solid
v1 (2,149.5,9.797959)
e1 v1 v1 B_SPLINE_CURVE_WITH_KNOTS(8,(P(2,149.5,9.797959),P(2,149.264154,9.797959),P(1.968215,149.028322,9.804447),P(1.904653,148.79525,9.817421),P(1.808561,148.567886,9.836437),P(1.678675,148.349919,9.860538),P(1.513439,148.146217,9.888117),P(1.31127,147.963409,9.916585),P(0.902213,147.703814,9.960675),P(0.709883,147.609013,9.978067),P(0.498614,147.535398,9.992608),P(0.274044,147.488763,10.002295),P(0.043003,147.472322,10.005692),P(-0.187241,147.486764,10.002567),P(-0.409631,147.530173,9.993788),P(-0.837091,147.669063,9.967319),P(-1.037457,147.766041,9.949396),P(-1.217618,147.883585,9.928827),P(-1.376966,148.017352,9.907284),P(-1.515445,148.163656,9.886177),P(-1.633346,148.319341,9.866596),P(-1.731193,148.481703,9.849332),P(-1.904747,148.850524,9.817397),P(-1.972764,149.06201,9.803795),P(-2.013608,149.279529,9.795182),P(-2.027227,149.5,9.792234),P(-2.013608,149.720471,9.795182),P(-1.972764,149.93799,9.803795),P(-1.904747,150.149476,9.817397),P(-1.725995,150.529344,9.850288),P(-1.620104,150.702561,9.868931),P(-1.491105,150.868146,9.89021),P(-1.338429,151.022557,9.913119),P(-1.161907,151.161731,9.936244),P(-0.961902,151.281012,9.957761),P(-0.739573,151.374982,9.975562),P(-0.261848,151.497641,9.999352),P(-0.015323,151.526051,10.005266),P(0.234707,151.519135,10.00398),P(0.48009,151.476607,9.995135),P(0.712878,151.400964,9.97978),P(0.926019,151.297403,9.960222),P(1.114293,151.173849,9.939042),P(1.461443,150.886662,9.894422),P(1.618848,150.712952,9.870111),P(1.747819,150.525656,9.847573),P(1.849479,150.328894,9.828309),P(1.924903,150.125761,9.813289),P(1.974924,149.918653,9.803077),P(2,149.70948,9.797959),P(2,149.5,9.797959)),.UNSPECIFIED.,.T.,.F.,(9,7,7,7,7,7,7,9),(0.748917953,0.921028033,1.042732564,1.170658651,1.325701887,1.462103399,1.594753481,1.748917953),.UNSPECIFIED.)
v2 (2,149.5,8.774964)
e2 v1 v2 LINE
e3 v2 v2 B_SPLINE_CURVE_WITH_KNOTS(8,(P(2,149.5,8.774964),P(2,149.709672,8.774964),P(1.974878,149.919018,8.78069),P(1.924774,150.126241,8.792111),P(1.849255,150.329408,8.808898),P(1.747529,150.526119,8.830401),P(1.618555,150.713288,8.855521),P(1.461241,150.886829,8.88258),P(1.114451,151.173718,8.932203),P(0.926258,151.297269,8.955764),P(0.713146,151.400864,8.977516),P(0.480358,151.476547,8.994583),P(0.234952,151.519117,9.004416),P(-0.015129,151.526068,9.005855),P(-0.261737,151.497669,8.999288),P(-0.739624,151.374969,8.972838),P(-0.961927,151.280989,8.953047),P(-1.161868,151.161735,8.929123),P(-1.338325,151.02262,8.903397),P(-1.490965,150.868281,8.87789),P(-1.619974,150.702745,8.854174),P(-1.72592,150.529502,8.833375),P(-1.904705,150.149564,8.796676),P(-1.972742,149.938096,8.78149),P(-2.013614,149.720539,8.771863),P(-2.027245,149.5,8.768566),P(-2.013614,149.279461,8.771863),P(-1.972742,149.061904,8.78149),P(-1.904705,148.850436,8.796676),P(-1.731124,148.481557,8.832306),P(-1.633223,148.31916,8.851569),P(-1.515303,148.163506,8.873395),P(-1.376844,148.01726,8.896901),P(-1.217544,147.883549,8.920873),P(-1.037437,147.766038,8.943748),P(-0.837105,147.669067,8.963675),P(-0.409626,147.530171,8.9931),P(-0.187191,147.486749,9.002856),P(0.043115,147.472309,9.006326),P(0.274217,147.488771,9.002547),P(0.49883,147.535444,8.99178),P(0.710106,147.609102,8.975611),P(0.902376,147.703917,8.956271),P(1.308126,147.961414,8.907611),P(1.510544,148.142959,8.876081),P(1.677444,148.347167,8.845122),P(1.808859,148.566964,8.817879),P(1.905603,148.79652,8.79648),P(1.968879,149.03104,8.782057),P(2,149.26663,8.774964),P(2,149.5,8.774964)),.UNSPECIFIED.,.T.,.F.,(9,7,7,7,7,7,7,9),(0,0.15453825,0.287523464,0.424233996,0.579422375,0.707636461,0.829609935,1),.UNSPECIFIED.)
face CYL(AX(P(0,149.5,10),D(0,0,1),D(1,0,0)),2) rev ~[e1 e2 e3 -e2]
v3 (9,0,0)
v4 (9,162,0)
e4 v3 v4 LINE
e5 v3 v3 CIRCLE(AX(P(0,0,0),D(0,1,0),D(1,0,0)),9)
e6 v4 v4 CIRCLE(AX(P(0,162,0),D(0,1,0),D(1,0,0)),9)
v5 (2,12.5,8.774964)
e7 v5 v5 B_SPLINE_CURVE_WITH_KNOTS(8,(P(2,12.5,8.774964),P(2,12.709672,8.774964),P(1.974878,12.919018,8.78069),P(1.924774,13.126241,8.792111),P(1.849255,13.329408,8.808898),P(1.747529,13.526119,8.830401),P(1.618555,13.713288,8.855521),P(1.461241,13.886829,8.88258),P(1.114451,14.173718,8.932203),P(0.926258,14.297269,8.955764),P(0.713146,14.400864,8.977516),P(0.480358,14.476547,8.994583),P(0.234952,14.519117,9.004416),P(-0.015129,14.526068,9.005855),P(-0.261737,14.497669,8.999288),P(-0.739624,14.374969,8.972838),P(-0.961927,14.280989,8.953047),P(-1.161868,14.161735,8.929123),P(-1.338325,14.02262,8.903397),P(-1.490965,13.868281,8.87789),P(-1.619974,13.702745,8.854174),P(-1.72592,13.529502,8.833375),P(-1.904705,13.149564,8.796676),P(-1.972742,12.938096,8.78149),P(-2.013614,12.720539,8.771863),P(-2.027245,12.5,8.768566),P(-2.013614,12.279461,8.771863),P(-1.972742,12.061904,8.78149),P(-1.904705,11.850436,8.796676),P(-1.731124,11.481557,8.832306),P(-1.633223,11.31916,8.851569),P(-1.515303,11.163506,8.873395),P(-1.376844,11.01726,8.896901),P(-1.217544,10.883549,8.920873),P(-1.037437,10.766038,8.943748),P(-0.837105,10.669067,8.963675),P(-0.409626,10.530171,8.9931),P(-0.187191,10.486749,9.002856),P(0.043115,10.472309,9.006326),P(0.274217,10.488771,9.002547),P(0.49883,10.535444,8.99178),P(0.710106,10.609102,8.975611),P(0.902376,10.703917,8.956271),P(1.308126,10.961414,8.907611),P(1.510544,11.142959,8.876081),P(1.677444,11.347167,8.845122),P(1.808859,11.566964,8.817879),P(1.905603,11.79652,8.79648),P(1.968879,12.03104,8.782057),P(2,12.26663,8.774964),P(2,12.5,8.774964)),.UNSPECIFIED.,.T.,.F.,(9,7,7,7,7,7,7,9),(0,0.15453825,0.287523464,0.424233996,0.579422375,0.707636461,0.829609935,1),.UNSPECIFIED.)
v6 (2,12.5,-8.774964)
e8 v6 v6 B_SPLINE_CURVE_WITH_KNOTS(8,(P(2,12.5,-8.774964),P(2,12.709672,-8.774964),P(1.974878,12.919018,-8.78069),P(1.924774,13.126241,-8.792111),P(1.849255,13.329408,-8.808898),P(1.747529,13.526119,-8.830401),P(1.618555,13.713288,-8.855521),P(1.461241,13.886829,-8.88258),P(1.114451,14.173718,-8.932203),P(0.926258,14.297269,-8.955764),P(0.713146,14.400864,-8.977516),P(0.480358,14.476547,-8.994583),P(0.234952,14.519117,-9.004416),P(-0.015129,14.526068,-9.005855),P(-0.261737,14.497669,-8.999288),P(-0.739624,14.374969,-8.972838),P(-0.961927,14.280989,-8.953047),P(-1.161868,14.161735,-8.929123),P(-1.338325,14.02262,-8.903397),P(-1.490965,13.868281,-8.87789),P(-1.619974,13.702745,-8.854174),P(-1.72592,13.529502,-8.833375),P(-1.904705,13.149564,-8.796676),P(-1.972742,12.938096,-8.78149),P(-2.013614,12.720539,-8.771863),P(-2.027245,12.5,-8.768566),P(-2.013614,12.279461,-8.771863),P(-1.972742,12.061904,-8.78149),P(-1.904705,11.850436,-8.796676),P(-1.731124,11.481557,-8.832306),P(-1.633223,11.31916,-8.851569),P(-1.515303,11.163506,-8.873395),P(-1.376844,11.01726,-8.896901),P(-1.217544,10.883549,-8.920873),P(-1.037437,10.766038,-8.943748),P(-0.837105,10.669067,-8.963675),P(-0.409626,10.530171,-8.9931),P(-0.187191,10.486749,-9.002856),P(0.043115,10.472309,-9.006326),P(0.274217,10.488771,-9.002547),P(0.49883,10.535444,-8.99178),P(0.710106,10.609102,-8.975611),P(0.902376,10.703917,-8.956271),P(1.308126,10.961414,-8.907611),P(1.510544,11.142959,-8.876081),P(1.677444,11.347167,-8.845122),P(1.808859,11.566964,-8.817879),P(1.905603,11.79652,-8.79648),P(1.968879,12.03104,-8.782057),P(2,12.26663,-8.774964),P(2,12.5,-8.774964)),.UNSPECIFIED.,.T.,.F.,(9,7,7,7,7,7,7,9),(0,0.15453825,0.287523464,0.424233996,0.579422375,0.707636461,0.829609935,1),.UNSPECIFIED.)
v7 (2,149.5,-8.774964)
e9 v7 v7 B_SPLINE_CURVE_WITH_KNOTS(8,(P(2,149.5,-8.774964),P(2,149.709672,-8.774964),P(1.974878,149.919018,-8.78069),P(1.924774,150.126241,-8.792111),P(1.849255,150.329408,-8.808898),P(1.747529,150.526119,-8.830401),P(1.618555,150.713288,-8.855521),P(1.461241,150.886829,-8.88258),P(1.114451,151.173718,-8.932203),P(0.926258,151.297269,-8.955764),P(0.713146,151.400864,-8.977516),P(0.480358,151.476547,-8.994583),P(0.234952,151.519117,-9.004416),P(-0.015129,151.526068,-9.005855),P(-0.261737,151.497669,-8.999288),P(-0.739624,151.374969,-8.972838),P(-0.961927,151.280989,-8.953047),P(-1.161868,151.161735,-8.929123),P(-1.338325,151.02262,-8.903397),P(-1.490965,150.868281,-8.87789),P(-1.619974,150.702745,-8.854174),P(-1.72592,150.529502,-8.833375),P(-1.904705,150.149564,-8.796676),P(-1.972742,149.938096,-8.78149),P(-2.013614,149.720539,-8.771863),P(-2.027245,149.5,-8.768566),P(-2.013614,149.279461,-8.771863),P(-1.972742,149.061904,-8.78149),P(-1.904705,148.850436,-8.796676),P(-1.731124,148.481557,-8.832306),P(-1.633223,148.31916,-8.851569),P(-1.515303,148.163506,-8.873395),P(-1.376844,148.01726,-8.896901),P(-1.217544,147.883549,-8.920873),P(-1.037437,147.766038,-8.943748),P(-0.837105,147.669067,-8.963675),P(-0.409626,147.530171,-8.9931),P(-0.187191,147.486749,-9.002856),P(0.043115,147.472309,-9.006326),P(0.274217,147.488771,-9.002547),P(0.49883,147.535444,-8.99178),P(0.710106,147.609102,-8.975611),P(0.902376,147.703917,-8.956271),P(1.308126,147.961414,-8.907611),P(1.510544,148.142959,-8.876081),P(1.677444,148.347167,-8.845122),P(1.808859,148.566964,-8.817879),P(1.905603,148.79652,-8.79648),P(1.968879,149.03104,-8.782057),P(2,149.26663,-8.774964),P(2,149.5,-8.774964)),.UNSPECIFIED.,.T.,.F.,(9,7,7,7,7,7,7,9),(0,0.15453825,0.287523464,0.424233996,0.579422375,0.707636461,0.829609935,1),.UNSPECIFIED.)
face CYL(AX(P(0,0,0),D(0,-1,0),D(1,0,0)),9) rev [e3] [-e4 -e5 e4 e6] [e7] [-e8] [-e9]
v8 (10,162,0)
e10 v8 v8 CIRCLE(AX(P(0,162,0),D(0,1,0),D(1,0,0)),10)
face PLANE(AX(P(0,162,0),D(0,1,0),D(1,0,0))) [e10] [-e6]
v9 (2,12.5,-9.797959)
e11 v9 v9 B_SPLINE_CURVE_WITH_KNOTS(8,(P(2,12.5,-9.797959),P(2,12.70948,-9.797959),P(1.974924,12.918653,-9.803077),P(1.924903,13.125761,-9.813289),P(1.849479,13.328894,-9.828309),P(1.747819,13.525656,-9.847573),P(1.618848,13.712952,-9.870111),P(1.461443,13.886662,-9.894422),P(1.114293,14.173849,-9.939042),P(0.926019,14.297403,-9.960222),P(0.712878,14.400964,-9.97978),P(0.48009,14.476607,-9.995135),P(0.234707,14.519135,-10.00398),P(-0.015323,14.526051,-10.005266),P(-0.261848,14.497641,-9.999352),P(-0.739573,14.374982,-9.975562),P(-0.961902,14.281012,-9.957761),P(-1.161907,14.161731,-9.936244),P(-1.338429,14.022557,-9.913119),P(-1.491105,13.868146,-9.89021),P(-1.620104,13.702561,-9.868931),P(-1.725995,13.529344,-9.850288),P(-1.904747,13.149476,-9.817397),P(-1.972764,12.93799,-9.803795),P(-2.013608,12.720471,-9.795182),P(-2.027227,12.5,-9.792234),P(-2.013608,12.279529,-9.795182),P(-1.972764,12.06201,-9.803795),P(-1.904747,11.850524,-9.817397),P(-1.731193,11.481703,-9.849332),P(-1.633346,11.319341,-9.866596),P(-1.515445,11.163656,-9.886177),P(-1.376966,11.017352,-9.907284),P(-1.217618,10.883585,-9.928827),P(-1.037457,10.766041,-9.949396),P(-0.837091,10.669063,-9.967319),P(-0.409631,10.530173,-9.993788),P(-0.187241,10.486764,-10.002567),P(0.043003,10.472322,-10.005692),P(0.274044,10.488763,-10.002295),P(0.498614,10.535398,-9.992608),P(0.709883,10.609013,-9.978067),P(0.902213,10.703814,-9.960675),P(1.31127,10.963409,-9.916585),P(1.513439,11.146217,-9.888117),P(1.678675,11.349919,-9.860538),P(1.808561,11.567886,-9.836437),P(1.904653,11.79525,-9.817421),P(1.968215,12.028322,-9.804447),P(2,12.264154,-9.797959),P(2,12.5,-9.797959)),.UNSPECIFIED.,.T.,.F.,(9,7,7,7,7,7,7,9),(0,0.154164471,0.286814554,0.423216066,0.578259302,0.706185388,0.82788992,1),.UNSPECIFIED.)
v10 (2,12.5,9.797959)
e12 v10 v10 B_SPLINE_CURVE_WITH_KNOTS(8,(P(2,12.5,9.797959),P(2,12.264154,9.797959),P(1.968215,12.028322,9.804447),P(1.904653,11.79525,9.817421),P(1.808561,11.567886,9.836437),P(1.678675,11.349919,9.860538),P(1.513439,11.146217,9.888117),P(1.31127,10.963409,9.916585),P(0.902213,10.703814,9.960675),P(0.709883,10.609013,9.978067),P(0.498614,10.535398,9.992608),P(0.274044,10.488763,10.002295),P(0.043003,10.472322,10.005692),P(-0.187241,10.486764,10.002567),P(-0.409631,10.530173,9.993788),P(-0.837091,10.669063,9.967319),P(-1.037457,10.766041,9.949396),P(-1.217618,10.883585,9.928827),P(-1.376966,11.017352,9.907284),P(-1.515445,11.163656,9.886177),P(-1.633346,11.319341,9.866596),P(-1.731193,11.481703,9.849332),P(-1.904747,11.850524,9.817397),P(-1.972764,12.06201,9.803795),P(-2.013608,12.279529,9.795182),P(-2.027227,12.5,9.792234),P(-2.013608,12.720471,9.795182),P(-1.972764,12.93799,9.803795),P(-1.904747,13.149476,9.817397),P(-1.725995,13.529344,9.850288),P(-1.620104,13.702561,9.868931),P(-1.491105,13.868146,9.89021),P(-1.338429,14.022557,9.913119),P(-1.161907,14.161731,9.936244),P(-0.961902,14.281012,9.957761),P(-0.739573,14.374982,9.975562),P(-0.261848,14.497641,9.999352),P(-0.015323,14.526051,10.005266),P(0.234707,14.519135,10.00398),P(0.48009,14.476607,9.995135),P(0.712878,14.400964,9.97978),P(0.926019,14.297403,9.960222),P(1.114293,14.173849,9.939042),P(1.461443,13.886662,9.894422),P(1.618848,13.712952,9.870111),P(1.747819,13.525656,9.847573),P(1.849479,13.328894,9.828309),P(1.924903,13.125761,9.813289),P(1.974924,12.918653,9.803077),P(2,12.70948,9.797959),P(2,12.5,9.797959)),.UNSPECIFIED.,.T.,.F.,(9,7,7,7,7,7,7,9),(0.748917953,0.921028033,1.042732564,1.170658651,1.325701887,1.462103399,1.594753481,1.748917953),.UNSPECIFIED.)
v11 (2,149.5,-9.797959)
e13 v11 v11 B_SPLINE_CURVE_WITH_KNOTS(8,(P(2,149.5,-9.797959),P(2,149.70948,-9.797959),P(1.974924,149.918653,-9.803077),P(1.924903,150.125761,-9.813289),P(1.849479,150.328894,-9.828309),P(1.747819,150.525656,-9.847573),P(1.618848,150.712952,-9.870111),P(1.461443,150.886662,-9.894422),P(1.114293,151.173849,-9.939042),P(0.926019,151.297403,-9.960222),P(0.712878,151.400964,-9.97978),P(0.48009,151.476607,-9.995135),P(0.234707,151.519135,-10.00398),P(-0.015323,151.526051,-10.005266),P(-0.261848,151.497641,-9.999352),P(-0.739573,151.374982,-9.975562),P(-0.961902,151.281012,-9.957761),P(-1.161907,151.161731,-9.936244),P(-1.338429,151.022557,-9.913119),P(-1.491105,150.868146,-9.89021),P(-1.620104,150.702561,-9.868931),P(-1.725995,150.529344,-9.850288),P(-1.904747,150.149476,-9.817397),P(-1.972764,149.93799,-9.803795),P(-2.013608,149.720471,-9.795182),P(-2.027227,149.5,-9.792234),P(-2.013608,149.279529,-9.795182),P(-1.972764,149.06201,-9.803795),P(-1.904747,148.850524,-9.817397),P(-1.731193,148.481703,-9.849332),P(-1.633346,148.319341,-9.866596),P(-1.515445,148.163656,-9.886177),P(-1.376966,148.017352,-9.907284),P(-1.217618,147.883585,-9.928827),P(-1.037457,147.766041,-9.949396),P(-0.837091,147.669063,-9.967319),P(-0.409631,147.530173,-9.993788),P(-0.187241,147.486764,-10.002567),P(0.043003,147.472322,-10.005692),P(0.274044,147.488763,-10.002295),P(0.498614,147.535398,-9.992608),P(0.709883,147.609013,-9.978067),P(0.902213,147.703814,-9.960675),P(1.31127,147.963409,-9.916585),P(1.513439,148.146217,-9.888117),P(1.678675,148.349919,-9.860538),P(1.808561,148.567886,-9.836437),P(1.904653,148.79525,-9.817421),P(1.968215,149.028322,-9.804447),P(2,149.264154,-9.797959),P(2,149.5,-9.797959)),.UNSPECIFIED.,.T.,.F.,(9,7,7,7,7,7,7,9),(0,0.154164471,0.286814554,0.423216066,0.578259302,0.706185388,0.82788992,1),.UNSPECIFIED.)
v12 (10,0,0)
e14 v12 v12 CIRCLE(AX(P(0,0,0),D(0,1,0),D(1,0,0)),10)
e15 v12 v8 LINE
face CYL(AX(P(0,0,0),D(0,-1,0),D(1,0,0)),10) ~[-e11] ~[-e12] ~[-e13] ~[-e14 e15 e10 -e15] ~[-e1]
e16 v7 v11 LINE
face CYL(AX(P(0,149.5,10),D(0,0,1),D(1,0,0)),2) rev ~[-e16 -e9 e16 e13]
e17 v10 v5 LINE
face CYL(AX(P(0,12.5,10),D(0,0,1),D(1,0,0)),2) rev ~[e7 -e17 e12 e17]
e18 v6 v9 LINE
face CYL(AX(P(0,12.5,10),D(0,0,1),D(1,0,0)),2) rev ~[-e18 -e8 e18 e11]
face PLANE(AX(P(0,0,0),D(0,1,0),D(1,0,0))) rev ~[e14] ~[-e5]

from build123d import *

# Parameters (mm, degrees)
SKETCH1_R           = 10
SKETCH1_R_2         = 9
BOSS_EXTRUDE1_DEPTH = 162
SKETCH3_R           = 2
CUT_EXTRUDE2_DEPTH  = 21


with BuildPart() as part:
    # Sketch1 → Boss-Extrude1 (new body)
    with BuildSketch(Plane(origin=(0, 0, 0), x_dir=(1, 0, 0), z_dir=(0, 1, 0))):
        Circle(SKETCH1_R)
        Circle(SKETCH1_R_2, mode=Mode.SUBTRACT)
    extrude(amount=BOSS_EXTRUDE1_DEPTH)

    # Sketch3 → Cut-Extrude2 (cut, through all)
    with BuildSketch(Plane.XY.offset(10)):
        with Locations((0, 149.5)):
            Circle(SKETCH3_R)
        with Locations((0, 12.5)):
            Circle(SKETCH3_R)
    extrude(amount=-CUT_EXTRUDE2_DEPTH, mode=Mode.SUBTRACT)


solid = part.part
